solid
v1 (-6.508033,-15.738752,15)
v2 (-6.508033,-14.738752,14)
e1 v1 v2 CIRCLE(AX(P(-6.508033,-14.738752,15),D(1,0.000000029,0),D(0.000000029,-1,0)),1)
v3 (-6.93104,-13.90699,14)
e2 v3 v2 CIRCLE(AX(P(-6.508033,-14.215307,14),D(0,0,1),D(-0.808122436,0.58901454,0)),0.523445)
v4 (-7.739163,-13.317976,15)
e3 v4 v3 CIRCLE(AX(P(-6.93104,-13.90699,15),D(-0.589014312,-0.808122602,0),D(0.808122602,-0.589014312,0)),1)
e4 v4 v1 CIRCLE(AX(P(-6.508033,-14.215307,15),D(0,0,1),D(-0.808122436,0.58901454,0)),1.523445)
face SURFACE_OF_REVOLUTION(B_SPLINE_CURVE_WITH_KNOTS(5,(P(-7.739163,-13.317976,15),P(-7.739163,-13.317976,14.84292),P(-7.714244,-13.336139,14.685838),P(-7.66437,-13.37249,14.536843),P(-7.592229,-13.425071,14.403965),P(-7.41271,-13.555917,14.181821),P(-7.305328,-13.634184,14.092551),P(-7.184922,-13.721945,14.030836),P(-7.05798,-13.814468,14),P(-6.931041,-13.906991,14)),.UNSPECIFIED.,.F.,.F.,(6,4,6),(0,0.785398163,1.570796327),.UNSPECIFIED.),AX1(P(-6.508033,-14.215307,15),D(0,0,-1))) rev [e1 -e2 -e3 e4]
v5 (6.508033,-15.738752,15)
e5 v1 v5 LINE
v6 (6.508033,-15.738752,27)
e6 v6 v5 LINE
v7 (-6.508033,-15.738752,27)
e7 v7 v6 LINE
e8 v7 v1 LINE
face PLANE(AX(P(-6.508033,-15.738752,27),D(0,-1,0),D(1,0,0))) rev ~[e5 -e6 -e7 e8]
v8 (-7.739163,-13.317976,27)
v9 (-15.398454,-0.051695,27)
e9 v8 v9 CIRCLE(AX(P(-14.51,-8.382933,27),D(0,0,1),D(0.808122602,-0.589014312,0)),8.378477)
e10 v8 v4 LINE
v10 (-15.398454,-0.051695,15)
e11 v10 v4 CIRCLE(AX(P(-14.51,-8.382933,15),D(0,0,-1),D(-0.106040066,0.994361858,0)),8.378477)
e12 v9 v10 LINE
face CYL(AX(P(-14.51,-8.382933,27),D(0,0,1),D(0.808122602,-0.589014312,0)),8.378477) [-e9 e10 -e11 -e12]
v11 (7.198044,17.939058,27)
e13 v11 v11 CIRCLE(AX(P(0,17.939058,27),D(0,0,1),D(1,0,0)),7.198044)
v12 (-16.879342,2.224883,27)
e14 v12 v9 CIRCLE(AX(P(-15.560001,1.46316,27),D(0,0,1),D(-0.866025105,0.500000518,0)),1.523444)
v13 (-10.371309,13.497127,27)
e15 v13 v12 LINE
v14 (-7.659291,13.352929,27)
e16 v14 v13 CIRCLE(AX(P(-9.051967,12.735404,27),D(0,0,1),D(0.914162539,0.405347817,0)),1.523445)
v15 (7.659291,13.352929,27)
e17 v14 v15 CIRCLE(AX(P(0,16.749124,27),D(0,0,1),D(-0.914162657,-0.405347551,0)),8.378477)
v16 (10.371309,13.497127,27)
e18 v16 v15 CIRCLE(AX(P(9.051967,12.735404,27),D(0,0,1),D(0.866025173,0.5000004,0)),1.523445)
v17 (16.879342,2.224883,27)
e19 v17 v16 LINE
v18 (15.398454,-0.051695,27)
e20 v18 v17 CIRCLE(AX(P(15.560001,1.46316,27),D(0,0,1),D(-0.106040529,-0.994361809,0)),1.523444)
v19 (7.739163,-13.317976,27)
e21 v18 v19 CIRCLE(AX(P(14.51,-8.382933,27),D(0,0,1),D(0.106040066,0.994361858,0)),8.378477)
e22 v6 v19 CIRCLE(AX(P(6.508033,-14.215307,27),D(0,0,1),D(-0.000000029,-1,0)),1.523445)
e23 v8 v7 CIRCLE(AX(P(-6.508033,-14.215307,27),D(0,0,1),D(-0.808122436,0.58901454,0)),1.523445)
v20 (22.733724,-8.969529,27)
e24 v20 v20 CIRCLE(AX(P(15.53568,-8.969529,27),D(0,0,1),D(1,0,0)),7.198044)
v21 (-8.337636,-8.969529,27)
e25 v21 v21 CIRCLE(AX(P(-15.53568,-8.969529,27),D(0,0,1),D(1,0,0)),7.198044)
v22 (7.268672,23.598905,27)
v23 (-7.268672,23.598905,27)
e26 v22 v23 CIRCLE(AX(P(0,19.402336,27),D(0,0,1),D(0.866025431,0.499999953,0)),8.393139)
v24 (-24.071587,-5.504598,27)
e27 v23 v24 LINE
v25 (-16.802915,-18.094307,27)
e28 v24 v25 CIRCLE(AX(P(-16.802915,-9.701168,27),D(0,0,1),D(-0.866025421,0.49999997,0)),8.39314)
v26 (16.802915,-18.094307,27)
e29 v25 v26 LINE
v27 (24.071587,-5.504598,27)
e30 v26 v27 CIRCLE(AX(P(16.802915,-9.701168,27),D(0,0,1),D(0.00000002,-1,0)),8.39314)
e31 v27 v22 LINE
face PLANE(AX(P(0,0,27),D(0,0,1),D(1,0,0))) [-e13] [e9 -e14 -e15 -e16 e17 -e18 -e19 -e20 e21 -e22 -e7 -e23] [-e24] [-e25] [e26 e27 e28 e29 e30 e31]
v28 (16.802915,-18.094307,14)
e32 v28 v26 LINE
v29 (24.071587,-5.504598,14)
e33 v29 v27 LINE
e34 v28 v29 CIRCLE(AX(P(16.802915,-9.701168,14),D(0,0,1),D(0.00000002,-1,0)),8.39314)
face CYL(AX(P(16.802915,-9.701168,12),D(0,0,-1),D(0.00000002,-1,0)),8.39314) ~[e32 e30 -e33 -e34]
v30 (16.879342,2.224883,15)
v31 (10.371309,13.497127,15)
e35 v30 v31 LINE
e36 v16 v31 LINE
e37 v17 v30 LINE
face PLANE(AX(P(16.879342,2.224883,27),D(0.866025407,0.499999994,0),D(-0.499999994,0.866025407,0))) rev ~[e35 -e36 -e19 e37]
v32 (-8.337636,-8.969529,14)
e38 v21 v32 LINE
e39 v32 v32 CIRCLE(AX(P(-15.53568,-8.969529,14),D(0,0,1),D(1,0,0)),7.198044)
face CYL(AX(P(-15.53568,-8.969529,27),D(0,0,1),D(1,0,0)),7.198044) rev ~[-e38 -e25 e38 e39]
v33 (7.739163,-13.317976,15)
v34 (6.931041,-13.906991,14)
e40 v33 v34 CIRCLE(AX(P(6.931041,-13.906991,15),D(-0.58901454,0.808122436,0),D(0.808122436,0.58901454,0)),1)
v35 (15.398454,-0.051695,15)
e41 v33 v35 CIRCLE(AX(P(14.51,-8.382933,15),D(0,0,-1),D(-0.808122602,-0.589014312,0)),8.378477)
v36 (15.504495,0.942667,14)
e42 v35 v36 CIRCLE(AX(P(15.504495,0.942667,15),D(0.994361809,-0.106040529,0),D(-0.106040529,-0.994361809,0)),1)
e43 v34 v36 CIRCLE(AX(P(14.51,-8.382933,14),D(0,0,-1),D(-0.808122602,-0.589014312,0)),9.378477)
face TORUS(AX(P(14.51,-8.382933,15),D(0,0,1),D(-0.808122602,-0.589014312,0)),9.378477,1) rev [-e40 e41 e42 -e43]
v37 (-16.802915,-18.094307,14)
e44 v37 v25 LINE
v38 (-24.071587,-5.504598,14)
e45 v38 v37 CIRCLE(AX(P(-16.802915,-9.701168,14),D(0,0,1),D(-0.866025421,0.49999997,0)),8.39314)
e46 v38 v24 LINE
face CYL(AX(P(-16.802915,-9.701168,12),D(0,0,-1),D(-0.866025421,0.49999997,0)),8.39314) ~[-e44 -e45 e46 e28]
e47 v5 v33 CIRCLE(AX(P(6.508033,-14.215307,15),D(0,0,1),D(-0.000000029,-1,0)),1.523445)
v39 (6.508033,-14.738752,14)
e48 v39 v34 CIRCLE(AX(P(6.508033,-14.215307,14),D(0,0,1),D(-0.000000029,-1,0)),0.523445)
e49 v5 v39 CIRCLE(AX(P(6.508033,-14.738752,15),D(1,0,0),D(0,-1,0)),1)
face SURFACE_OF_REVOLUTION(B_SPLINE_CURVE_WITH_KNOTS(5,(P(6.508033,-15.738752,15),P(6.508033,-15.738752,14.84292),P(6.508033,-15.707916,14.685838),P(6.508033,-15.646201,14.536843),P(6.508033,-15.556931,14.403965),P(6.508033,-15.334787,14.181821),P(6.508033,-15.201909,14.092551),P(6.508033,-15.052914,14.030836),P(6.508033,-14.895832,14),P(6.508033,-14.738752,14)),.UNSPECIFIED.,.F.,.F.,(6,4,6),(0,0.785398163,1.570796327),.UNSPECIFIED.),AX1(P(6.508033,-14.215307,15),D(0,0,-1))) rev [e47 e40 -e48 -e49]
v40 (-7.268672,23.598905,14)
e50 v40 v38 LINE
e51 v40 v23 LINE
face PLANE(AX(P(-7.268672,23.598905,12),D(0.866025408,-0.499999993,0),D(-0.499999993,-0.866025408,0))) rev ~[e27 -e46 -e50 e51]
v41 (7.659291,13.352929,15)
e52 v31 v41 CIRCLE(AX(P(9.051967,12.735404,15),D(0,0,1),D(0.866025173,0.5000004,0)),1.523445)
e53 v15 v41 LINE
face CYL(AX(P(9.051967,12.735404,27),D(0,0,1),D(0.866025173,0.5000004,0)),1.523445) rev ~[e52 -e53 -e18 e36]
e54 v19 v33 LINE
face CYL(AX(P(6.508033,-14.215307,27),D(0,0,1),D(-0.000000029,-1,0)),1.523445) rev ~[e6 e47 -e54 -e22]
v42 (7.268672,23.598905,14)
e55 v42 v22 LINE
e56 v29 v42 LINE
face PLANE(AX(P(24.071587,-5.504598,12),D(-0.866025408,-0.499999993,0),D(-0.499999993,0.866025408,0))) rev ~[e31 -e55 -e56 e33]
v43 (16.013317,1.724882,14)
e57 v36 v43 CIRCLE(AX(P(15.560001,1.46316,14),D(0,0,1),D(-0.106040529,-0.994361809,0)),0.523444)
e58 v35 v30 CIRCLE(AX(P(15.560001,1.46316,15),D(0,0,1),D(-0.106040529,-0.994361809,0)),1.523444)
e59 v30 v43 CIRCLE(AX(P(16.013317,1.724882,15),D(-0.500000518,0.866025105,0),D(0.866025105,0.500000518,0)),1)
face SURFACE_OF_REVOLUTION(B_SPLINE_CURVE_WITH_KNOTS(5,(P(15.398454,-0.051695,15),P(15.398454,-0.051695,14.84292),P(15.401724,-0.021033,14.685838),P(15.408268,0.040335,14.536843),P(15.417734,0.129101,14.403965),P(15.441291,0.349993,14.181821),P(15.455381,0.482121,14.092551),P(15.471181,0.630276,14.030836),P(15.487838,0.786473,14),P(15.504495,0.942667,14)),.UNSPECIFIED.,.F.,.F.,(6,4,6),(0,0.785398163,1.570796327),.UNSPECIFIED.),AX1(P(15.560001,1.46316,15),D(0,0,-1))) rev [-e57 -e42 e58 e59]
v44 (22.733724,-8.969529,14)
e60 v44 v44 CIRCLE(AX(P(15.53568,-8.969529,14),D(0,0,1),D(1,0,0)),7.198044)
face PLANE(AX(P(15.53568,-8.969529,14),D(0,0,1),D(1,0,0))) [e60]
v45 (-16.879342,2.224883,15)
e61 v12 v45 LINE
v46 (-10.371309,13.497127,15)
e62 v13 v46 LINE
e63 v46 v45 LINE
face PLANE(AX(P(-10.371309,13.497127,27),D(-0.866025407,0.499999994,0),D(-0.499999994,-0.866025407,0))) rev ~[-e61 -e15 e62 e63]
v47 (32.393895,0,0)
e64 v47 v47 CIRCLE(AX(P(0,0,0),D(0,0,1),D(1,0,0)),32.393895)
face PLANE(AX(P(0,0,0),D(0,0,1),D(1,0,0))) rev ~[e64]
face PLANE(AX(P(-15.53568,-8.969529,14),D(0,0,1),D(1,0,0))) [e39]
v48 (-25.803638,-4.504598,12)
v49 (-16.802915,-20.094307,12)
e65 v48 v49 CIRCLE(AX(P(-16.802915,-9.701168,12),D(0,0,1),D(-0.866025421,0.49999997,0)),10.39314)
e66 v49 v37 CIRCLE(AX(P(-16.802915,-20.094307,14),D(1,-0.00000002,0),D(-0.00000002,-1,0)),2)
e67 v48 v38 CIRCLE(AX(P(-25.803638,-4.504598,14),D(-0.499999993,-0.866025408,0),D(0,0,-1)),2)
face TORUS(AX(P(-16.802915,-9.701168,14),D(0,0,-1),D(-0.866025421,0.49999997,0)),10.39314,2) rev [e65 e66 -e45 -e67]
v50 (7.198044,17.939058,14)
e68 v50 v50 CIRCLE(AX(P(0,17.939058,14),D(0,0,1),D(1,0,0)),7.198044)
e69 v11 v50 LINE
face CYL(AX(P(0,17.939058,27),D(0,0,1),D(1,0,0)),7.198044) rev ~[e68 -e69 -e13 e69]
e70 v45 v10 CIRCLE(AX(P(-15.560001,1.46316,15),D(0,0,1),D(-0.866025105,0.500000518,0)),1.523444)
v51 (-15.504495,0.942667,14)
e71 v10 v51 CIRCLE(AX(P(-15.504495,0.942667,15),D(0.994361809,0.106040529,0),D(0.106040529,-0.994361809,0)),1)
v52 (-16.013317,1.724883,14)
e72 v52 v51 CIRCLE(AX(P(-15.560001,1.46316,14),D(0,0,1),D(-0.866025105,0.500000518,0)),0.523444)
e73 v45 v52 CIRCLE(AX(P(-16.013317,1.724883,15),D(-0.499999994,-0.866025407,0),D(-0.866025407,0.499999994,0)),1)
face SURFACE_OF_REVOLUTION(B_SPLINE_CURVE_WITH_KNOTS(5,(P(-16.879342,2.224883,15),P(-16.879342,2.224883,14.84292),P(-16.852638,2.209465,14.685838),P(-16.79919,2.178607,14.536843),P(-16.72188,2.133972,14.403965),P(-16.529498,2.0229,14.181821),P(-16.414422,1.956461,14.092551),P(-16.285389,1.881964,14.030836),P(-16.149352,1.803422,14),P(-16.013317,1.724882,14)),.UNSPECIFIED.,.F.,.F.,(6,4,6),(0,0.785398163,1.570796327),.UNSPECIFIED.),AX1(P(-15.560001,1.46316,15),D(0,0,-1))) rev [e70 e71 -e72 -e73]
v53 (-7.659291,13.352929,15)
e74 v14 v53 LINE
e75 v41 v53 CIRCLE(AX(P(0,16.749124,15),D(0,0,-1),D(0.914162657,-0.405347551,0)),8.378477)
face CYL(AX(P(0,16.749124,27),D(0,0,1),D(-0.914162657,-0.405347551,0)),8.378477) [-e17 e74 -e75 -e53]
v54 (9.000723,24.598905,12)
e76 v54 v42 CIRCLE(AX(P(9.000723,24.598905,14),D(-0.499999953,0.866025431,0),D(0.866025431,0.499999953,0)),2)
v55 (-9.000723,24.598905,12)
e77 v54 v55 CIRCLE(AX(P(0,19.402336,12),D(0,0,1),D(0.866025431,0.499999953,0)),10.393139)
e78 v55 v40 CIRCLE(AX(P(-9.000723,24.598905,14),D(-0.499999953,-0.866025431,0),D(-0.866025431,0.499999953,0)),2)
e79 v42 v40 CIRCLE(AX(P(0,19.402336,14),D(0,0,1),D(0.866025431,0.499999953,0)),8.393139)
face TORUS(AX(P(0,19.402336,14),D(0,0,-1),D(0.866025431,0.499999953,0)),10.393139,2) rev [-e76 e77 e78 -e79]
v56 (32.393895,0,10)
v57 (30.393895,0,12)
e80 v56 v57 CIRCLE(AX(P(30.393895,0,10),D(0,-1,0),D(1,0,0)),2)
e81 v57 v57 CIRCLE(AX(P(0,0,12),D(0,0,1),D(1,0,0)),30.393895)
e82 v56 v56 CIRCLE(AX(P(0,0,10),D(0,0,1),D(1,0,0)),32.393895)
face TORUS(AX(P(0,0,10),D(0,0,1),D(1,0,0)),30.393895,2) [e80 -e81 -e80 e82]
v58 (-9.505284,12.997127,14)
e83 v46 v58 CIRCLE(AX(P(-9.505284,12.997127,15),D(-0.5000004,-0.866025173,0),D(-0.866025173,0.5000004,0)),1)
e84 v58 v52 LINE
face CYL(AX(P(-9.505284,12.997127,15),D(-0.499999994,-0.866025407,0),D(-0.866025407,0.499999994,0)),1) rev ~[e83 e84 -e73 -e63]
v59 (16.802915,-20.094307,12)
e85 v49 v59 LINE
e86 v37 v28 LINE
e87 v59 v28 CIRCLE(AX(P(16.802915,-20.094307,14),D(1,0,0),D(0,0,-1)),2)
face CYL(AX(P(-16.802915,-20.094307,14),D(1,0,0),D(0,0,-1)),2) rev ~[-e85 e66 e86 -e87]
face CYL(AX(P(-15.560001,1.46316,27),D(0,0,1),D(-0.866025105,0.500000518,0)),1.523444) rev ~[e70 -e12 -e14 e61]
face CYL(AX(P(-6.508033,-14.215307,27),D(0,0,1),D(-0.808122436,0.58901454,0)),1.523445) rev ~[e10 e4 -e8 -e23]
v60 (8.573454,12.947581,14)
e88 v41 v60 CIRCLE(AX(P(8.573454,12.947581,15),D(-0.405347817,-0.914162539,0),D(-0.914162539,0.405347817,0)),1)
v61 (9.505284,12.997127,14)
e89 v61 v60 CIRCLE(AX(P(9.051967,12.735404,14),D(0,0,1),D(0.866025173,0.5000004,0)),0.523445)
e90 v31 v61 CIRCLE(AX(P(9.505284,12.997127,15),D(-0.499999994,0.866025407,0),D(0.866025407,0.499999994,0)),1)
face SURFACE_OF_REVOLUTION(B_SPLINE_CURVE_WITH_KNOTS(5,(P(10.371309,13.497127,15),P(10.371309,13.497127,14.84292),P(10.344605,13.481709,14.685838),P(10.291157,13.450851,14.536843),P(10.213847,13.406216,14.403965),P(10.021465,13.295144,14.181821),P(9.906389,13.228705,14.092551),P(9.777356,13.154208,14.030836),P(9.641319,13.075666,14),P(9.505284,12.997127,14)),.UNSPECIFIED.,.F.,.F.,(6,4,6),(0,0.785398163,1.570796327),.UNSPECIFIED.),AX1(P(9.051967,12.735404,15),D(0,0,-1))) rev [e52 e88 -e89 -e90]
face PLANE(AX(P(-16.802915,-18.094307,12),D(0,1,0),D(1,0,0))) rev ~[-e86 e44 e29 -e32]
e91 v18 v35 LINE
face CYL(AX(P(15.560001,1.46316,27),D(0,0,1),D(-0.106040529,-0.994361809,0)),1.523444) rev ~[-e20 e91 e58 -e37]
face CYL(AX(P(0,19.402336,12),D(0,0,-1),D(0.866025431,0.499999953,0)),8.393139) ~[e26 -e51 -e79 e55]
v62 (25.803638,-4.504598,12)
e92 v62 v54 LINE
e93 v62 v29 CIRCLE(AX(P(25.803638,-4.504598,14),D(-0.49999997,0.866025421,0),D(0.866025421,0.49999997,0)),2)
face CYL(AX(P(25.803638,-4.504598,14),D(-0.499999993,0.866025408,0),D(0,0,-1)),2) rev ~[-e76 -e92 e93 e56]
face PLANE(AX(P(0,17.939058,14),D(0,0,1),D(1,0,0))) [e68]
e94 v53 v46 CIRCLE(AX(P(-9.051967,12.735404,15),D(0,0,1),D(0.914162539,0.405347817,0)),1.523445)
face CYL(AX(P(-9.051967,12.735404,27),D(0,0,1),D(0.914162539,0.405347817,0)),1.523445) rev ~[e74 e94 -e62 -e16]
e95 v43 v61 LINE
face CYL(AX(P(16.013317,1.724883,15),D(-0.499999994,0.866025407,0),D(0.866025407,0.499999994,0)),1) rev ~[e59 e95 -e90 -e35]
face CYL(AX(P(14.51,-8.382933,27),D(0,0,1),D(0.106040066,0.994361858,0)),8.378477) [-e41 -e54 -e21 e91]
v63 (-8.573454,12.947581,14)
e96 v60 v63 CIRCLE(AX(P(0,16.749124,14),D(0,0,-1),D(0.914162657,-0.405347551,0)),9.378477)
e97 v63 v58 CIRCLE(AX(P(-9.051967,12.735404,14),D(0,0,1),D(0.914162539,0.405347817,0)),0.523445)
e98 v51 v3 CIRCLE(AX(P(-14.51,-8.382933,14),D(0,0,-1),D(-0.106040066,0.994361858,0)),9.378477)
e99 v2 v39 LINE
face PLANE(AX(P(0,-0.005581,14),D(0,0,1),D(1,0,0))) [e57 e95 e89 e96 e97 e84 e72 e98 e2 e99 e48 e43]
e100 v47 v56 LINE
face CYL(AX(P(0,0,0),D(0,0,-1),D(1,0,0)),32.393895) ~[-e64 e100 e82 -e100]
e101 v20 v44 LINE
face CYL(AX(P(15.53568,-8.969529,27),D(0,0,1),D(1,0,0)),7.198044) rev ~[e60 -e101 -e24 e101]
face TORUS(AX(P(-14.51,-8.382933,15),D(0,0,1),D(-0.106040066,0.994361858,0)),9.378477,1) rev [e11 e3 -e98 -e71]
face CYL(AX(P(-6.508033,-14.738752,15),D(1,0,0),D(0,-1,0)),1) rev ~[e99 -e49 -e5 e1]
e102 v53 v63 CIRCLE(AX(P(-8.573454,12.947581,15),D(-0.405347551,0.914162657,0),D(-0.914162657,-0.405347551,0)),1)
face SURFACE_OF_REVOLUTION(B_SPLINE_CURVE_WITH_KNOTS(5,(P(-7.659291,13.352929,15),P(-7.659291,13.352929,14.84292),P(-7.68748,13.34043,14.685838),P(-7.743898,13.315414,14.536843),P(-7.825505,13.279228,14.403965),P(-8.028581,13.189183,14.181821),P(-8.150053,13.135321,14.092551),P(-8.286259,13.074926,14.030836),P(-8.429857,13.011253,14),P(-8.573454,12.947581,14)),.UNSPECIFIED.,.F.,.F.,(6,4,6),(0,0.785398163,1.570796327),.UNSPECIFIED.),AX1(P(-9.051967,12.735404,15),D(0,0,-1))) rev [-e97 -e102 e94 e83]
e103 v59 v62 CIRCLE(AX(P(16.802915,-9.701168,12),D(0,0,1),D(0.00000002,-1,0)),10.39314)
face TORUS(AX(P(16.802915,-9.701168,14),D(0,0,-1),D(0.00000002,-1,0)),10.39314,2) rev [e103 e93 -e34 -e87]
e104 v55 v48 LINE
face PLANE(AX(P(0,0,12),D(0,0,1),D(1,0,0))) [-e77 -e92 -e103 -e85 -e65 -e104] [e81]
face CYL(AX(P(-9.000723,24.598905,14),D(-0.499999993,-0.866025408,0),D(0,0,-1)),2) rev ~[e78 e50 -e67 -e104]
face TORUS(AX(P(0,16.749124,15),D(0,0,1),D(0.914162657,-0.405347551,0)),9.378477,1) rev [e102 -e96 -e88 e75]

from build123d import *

# Parameters (mm, degrees)
SKETCH_R        = 32.393895
PAD_DEPTH       = 12
FILLET_R        = 2
PAD001_DEPTH    = 15
FILLET001_R     = 2
POCKET_DEPTH    = 13
SKETCH003_R     = 7.198044
POCKET001_DEPTH = 13
FILLET002_R     = 1


with BuildPart() as part:
    # Sketch → Pad (new body)
    with BuildSketch(Plane.XY):
        Circle(SKETCH_R)
    extrude(amount=PAD_DEPTH)

    # Fillet
    fillet_edges = [part.edges().sort_by_distance(p)[0] for p in [
        (-32.393895, 0, 12),
    ]]
    fillet(fillet_edges, radius=FILLET_R)

    # Sketch001 (on Face4 of Fillet) → Pad001 (join)
    with BuildSketch(Plane.XY.offset(12)):
        with BuildLine():
            ThreePointArc((7.268672, 23.598905), (0, 27.795475), (-7.268672, 23.598905))
            Line((-7.268672, 23.598905), (-24.071587, -5.504598))
            ThreePointArc((-24.071587, -5.504598), (-24.071587, -13.897737), (-16.802915, -18.094307))
            Line((-16.802915, -18.094307), (16.802915, -18.094307))
            ThreePointArc((16.802915, -18.094307), (24.071587, -13.897737), (24.071587, -5.504598))
            Line((24.071587, -5.504598), (7.268672, 23.598905))
        make_face()
    extrude(amount=PAD001_DEPTH)

    # Fillet001
    fillet001_edges = [part.edges().sort_by_distance(p)[0] for p in [
        (-30.393895, 0, 12),
        (0, 27.795475, 12),
        (-15.67013, 9.047154, 12),
        (-24.071587, -13.897737, 12),
        (0, -18.094307, 12),
        (24.071587, -13.897737, 12),
        (15.67013, 9.047154, 12),
    ]]
    fillet(fillet001_edges, radius=FILLET001_R)

    # Sketch004 (on Face4 of Fillet) → Pocket (cut)
    with BuildSketch(Plane.XY.offset(27)):
        with BuildLine():
            Line((16.879342, 2.224883), (10.371309, 13.497127))
            ThreePointArc((10.371309, 13.497127), (8.97108, 14.2567), (7.659291, 13.352929))
            ThreePointArc((-7.659291, 13.352929), (0, 8.370647), (7.659291, 13.352929))
            ThreePointArc((-7.659291, 13.352929), (-8.97108, 14.2567), (-10.371309, 13.497127))
            Line((-10.371309, 13.497127), (-16.879342, 2.224883))
            ThreePointArc((-16.879342, 2.224883), (-16.837038, 0.632462), (-15.398454, -0.051695))
            ThreePointArc((-7.739163, -13.317976), (-7.254026, -4.193694), (-15.398454, -0.051695))
            ThreePointArc((-7.739163, -13.317976), (-7.865958, -14.905904), (-6.508033, -15.738752))
            Line((-6.508033, -15.738752), (6.508033, -15.738752))
            ThreePointArc((6.508033, -15.738752), (7.865958, -14.905904), (7.739163, -13.317976))
            ThreePointArc((15.398454, -0.051695), (7.254026, -4.193694), (7.739163, -13.317976))
            ThreePointArc((15.398454, -0.051695), (16.837038, 0.632462), (16.879342, 2.224883))
        make_face()
    extrude(amount=-POCKET_DEPTH, mode=Mode.SUBTRACT)

    # Sketch003 (on Face4 of Fillet) → Pocket001 (cut)
    with BuildSketch(Plane.XY.offset(27)):
        with Locations((-15.53568, -8.969529)):
            Circle(SKETCH003_R)
        with Locations((0, 17.939058)):
            Circle(SKETCH003_R)
        with Locations((15.53568, -8.969529)):
            Circle(SKETCH003_R)
    extrude(amount=-POCKET001_DEPTH, mode=Mode.SUBTRACT)

    # Fillet002
    fillet002_edges = [part.edges().sort_by_distance(p)[0] for p in [
        (16.837038, 0.632462, 14),
        (13.625326, 7.861005, 14),
        (8.97108, 14.2567, 14),
        (0, 8.370647, 14),
        (-8.97108, 14.2567, 14),
        (-13.625326, 7.861005, 14),
        (-16.837038, 0.632462, 14),
        (-7.254026, -4.193694, 14),
        (-7.865958, -14.905904, 14),
        (0, -15.738752, 14),
        (7.865958, -14.905904, 14),
        (7.254026, -4.193694, 14),
    ]]
    fillet(fillet002_edges, radius=FILLET002_R)


solid = part.part
